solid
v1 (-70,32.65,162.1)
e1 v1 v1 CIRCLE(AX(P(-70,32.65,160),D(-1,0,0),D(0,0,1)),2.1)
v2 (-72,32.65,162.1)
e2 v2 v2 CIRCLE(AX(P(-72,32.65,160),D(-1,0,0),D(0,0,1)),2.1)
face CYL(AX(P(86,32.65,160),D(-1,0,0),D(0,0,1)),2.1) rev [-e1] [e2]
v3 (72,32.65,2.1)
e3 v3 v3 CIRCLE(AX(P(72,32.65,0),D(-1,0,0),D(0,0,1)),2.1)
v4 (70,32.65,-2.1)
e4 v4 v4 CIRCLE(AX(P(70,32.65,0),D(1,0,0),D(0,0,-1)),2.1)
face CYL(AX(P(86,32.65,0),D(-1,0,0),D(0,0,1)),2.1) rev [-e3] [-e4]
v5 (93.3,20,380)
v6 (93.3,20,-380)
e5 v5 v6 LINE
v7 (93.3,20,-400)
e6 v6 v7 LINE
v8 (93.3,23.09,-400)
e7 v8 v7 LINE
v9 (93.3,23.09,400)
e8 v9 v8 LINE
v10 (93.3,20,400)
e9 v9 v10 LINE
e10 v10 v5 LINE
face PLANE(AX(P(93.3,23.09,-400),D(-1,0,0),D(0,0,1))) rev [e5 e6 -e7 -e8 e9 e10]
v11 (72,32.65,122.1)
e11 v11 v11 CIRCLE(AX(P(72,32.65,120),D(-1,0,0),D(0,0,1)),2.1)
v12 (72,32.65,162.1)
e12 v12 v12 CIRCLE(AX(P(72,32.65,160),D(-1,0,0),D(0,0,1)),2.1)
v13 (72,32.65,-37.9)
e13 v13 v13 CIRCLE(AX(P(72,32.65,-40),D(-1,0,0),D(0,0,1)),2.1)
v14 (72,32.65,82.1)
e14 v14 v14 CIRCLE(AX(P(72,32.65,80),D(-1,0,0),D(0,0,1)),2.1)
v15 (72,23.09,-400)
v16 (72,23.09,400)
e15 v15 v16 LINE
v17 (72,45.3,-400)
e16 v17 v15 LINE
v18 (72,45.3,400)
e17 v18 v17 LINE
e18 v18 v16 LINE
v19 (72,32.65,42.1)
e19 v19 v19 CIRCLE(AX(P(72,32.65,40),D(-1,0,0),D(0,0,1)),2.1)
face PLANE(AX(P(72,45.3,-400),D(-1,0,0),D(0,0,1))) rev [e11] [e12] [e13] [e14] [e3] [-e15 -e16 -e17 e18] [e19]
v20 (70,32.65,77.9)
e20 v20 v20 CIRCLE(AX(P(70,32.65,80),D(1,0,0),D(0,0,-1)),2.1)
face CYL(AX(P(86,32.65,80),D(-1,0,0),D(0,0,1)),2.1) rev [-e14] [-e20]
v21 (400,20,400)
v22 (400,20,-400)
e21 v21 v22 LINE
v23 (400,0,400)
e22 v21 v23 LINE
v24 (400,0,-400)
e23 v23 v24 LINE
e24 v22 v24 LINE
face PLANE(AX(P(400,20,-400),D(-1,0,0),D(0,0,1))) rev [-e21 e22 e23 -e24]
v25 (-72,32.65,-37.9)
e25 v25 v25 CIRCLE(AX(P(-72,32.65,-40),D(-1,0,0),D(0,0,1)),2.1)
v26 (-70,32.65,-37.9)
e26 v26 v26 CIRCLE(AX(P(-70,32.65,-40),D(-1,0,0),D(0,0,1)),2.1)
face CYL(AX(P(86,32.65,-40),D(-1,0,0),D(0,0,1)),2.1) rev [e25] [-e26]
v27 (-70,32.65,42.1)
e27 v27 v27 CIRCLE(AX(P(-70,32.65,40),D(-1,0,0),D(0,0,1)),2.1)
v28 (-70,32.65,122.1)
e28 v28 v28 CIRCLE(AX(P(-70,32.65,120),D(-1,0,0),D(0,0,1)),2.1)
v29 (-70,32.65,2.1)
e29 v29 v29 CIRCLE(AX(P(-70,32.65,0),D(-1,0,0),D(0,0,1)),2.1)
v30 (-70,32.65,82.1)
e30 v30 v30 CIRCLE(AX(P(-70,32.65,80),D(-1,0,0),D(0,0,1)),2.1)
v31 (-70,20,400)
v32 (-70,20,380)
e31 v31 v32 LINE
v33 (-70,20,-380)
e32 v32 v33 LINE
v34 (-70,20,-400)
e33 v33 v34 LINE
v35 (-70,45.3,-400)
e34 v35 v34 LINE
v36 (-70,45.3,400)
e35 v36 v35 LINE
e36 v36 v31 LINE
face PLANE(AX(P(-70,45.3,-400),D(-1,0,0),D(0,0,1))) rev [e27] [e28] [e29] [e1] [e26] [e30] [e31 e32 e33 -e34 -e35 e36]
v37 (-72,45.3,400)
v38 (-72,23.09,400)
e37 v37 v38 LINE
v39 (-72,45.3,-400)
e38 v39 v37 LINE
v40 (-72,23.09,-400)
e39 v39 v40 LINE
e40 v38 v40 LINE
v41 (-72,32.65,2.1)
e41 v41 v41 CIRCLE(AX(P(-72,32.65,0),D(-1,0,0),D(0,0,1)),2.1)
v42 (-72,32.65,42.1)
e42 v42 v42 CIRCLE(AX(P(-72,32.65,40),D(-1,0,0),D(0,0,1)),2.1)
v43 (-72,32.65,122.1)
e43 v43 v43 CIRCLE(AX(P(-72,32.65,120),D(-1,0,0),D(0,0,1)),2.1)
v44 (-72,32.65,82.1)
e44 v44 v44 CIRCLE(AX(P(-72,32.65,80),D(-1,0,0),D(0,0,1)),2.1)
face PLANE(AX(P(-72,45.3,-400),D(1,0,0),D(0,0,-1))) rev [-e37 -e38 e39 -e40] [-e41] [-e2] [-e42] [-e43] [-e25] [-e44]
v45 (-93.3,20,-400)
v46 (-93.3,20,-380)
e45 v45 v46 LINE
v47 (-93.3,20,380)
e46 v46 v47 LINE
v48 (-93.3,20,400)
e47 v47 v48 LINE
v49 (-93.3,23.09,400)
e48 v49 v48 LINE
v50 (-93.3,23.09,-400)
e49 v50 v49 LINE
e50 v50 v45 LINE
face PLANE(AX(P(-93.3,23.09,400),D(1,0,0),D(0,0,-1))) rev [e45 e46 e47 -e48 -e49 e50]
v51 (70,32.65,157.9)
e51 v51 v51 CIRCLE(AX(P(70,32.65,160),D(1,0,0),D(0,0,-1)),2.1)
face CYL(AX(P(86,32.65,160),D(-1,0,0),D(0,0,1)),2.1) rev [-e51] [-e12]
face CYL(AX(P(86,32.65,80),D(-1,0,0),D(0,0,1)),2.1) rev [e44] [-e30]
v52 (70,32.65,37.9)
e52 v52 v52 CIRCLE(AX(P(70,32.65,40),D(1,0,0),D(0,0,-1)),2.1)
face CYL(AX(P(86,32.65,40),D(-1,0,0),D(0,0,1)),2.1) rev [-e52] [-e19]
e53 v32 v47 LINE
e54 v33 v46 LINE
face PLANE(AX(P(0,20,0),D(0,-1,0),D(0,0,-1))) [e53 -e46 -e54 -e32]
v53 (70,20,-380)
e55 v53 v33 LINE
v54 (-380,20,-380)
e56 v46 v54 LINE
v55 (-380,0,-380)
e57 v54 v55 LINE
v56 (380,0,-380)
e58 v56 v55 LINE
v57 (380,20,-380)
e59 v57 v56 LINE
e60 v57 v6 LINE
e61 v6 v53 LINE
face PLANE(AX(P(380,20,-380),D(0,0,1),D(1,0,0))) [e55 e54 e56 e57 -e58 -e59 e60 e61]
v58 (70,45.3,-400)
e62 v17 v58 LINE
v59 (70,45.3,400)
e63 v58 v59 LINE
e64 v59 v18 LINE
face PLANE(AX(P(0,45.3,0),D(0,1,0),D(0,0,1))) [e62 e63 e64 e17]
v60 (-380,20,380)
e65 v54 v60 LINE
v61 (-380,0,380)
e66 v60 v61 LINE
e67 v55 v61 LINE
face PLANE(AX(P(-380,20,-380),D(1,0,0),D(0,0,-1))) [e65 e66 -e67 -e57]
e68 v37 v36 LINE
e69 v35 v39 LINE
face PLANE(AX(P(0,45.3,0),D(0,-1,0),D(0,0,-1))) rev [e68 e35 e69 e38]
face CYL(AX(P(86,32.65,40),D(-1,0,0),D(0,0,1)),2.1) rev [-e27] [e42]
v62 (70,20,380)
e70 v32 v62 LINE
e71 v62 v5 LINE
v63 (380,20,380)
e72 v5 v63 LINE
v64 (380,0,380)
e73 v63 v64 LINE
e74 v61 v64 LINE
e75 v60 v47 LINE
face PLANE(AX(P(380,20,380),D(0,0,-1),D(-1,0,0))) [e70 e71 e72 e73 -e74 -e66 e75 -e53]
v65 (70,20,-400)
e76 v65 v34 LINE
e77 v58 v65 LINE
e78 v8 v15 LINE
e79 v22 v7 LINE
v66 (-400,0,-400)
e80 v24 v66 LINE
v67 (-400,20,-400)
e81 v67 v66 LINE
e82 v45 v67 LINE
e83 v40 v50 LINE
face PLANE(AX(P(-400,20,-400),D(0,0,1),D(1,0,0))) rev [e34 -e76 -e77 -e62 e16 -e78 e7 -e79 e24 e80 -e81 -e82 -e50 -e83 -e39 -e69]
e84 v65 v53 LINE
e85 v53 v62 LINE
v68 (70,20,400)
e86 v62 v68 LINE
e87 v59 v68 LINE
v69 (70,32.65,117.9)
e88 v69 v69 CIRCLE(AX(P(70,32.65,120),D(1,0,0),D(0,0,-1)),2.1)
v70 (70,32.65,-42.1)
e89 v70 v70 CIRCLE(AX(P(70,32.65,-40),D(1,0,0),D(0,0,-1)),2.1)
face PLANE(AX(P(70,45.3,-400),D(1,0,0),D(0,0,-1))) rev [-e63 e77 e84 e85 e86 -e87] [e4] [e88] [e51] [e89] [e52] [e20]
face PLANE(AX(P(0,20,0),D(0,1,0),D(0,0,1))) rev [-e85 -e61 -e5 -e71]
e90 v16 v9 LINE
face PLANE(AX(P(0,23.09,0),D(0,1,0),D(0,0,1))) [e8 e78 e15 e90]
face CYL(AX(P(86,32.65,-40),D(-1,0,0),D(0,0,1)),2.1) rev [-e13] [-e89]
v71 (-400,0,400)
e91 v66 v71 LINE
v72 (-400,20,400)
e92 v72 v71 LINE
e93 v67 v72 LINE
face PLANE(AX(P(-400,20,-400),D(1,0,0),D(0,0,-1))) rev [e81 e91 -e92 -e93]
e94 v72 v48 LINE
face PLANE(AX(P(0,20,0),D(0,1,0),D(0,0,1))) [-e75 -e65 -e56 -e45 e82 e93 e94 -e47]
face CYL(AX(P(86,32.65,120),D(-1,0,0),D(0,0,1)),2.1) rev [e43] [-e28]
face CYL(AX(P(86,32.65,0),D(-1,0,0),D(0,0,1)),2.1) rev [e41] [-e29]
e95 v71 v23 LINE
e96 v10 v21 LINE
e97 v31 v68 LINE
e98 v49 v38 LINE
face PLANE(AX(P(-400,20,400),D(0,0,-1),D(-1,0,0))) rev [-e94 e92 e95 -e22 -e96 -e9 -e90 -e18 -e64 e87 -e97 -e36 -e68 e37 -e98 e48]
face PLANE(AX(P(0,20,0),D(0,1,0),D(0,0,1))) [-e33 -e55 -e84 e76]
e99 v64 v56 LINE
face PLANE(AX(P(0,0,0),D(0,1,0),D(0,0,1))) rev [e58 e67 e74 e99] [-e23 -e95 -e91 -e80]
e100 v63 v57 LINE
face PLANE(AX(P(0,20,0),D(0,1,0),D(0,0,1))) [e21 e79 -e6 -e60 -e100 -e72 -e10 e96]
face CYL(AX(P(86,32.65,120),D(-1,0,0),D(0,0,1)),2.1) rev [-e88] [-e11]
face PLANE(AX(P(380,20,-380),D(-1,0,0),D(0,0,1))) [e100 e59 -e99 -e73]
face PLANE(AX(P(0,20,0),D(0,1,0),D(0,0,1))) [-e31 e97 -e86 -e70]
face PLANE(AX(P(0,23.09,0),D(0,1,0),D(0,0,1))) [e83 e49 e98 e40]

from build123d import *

# Parameters (mm, degrees)
SKETCH1_W           = 800
SKETCH1_H           = 800
SKETCH1_W_2         = 760
SKETCH1_H_2         = 760
BOSS_EXTRUDE1_DEPTH = 20
SKETCH2_W           = 2
SKETCH2_H           = 800
BOSS_EXTRUDE2_DEPTH = 25.3
SKETCH3_R           = 2.1
CUT_EXTRUDE2_DEPTH  = 158
SKETCH4_W           = 21.3
SKETCH4_H           = 800
BOSS_EXTRUDE3_DEPTH = 3.09


with BuildPart() as part:
    # Sketch1 → Boss-Extrude1 (new body)
    with BuildSketch(Plane(origin=(0, 0, 0), x_dir=(1, 0, 0), z_dir=(0, 1, 0))):
        Rectangle(SKETCH1_W, SKETCH1_H)
        Rectangle(SKETCH1_W_2, SKETCH1_H_2, mode=Mode.SUBTRACT)
    extrude(amount=BOSS_EXTRUDE1_DEPTH)

    # Sketch2 → Boss-Extrude2 (add)
    with BuildSketch(Plane(origin=(0, 20, 0), x_dir=(1, 0, 0), z_dir=(0, 1, 0))):
        with Locations((-71, 0)):
            Rectangle(SKETCH2_W, SKETCH2_H)
        with Locations((71, 0)):
            Rectangle(SKETCH2_W, SKETCH2_H)
    extrude(amount=BOSS_EXTRUDE2_DEPTH)

    # Sketch3 → Cut-Extrude2 (cut)
    with BuildSketch(Plane.ZY.offset(72)):
        with Locations((0, 32.65)):
            Circle(SKETCH3_R)
        with Locations((-40, 32.65)):
            Circle(SKETCH3_R)
        with Locations((40, 32.65)):
            Circle(SKETCH3_R)
        with Locations((80, 32.65)):
            Circle(SKETCH3_R)
        with Locations((120, 32.65)):
            Circle(SKETCH3_R)
        with Locations((160, 32.65)):
            Circle(SKETCH3_R)
    extrude(amount=-CUT_EXTRUDE2_DEPTH, mode=Mode.SUBTRACT)

    # Sketch4 → Boss-Extrude3 (add)
    with BuildSketch(Plane(origin=(0, 20, 0), x_dir=(1, 0, 0), z_dir=(0, 1, 0))):
        with Locations((82.65, 0)):
            Rectangle(SKETCH4_W, SKETCH4_H)
        with Locations((-82.65, 0)):
            Rectangle(SKETCH4_W, SKETCH4_H)
    extrude(amount=BOSS_EXTRUDE3_DEPTH)


solid = part.part
